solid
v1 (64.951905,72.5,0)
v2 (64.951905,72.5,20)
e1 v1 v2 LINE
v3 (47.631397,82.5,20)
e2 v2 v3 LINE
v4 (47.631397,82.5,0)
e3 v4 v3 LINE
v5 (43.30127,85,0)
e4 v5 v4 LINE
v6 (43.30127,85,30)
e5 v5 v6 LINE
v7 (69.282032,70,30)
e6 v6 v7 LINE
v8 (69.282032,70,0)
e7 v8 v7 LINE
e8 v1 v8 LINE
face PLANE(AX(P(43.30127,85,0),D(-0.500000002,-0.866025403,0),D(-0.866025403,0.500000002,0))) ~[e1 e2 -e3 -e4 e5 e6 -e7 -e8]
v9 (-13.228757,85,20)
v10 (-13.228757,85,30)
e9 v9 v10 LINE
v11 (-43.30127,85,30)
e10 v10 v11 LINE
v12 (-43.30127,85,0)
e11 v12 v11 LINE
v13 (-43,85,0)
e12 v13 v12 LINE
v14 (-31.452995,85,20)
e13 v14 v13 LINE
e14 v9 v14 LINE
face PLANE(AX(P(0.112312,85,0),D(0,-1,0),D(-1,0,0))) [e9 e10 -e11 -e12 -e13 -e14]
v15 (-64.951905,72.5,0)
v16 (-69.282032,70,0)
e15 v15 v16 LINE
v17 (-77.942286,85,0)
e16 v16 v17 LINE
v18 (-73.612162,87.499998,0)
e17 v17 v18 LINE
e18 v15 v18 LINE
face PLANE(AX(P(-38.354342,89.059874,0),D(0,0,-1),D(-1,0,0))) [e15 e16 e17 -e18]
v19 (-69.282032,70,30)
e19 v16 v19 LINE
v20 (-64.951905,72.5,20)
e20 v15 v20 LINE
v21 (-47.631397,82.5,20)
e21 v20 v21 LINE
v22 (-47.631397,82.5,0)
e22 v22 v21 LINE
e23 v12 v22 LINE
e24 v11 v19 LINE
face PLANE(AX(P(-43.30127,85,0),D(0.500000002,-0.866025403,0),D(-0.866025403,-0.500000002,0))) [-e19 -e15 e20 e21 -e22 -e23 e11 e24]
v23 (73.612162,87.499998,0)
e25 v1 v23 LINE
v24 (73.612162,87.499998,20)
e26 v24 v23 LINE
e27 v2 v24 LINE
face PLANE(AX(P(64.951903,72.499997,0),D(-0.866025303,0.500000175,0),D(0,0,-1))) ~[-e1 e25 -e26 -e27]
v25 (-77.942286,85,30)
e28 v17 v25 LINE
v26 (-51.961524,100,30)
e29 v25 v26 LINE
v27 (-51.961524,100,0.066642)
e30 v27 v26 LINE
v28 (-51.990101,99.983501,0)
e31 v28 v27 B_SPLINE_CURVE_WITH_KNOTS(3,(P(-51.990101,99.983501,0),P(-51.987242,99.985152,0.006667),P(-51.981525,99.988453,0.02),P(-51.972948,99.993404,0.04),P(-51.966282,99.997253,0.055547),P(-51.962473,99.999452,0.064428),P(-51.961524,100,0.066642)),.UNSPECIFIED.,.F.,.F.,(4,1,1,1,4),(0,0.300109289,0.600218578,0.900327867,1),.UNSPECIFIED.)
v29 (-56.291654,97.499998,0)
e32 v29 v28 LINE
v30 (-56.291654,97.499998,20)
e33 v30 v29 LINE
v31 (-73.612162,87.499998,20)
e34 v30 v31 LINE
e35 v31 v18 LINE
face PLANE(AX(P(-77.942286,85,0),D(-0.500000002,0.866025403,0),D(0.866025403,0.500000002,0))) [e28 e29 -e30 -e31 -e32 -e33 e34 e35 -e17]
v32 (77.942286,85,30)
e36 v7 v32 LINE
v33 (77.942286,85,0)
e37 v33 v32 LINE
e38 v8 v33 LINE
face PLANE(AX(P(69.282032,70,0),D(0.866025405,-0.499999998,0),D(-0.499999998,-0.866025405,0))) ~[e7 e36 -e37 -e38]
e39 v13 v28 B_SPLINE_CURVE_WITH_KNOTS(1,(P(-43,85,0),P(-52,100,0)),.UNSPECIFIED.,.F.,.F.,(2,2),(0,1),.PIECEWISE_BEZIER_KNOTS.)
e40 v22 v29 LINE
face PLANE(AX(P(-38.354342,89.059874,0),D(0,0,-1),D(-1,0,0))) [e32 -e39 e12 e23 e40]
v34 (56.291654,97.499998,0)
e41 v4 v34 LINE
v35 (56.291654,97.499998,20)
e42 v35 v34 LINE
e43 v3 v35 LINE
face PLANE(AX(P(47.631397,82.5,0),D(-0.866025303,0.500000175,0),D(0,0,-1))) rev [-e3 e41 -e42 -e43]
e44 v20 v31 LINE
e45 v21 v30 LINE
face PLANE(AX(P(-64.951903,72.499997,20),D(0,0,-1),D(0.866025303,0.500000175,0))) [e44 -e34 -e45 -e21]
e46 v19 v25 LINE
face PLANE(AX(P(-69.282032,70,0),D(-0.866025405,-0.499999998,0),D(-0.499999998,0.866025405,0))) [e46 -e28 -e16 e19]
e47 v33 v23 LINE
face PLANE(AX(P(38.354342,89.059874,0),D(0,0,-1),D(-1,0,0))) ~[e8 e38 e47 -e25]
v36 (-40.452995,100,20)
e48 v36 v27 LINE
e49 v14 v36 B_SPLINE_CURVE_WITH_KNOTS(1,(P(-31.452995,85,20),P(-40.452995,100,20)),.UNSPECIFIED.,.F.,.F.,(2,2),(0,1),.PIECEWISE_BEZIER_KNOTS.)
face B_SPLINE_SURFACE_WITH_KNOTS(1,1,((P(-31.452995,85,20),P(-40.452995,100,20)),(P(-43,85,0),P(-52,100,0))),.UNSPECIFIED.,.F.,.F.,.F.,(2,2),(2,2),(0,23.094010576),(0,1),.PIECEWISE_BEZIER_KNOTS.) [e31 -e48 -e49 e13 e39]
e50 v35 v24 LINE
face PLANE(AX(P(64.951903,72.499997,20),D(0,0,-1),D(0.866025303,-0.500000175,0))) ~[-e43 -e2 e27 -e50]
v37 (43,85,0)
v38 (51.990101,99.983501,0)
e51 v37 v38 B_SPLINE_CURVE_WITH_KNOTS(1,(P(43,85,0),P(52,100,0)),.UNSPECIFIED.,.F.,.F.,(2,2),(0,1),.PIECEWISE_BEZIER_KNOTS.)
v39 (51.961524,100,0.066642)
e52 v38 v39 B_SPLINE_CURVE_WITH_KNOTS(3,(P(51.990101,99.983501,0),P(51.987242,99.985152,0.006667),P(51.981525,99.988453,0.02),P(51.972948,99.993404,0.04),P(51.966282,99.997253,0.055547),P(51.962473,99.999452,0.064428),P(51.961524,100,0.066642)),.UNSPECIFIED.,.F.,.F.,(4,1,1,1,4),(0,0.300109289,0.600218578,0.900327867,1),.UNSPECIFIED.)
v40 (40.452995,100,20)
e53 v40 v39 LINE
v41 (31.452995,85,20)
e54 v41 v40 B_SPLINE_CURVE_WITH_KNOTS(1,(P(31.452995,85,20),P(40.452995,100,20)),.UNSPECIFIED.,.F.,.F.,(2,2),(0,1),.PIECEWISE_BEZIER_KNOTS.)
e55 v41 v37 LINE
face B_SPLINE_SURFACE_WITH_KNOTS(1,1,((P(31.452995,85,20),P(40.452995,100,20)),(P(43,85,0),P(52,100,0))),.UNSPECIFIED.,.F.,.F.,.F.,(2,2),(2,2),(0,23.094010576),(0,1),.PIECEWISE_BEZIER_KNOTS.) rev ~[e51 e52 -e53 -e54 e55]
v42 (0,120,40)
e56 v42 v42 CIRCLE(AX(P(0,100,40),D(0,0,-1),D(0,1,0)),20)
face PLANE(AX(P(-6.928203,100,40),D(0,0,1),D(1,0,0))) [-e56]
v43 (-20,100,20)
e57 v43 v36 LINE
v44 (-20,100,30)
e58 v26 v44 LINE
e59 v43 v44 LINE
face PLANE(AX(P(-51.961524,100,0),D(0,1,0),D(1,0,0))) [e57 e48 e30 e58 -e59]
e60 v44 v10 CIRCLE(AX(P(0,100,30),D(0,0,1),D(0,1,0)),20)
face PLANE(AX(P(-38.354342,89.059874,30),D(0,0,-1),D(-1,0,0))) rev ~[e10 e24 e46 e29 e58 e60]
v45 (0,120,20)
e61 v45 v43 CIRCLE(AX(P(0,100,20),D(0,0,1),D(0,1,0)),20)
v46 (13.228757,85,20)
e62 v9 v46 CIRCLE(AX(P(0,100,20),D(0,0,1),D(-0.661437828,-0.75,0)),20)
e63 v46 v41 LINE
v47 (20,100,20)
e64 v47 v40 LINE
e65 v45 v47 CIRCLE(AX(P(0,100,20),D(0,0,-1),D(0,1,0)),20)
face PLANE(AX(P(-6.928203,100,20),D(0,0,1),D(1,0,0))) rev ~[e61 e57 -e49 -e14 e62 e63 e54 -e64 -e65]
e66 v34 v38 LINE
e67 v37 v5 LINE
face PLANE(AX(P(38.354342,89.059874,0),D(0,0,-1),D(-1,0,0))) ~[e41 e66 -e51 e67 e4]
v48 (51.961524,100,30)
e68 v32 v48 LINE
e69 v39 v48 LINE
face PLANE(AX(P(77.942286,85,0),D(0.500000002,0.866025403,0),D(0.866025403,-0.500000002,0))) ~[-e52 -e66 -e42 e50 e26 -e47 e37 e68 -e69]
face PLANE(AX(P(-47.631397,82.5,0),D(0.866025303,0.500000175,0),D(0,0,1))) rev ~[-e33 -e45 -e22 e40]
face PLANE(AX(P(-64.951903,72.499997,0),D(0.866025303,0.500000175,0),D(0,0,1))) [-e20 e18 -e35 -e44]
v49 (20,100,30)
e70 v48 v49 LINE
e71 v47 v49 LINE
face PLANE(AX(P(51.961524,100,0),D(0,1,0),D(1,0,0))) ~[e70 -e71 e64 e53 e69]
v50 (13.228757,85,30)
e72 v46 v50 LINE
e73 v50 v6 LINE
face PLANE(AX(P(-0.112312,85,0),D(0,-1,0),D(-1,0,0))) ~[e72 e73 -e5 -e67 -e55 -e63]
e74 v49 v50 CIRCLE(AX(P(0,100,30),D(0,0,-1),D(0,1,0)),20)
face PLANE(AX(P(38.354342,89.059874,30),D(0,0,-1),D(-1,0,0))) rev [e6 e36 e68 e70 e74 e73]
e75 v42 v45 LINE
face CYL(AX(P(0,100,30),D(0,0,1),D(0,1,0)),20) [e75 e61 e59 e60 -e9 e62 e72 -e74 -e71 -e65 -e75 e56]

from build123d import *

# Parameters (mm, degrees)
PAD001_DEPTH = 10
PAD_DEPTH    = 30
SKETCH001_W  = 20
SKETCH001_H  = 20
POCKET_DEPTH = 50


with BuildPart() as loft_body:
    # Sketch002 → Loft section 0
    with BuildSketch(Plane.XZ.offset(-85)):
        Polygon((1, 20), (-31.452995, 20), (-43, 0), (1, 0), align=None)
    # Sketch003 → Loft section 1
    with BuildSketch(Plane(origin=(0, 100, 0), x_dir=(-1, 0, 0), z_dir=(0, 1, 0))):
        Polygon((0, 20), (40.452995, 20), (52, 0), (0, 0), align=None)
    loft()


with BuildPart() as pad001:
    # Sketch005 → Pad001 (new body, symmetric)
    with BuildSketch(Plane.XY.offset(30)):
        with BuildLine():
            ThreePointArc((0, 120), (-20, 100), (0, 80))
            Line((0, 120), (0, 80))
        make_face()
    extrude(amount=PAD001_DEPTH, both=True)


with BuildPart() as cut:
    # Sketch → Pad (new body)
    with BuildSketch(Plane.XY):
        Polygon((-51.961524, 100), (0, 100), (0.112312, 85), (-43.30127, 85), (-69.282032, 70), (-77.942286, 85), align=None)
    extrude(amount=PAD_DEPTH)

    # Sketch001 → Pocket (cut)
    with BuildSketch(Plane(origin=(-47.631397, 82.5, 0), x_dir=(0.866025, 0.5, 0), z_dir=(0.5, -0.866025, 0))):
        with Locations((-10, 10)):
            Rectangle(SKETCH001_W, SKETCH001_H)
    extrude(amount=-POCKET_DEPTH, mode=Mode.SUBTRACT)

    # Fusion: union Pad001
    add(pad001.part)

    # Cut: cut Loft body
    add(loft_body.part, mode=Mode.SUBTRACT)


with BuildPart() as fusion001:
    # Part__Mirroring: instance of Cut
    add(cut.part.mirror(Plane(origin=(0, 0, 0), x_dir=(0, -1, 0), z_dir=(1, 0, 0))))

    # Fusion001: union Cut
    add(cut.part)


solid = fusion001.part
